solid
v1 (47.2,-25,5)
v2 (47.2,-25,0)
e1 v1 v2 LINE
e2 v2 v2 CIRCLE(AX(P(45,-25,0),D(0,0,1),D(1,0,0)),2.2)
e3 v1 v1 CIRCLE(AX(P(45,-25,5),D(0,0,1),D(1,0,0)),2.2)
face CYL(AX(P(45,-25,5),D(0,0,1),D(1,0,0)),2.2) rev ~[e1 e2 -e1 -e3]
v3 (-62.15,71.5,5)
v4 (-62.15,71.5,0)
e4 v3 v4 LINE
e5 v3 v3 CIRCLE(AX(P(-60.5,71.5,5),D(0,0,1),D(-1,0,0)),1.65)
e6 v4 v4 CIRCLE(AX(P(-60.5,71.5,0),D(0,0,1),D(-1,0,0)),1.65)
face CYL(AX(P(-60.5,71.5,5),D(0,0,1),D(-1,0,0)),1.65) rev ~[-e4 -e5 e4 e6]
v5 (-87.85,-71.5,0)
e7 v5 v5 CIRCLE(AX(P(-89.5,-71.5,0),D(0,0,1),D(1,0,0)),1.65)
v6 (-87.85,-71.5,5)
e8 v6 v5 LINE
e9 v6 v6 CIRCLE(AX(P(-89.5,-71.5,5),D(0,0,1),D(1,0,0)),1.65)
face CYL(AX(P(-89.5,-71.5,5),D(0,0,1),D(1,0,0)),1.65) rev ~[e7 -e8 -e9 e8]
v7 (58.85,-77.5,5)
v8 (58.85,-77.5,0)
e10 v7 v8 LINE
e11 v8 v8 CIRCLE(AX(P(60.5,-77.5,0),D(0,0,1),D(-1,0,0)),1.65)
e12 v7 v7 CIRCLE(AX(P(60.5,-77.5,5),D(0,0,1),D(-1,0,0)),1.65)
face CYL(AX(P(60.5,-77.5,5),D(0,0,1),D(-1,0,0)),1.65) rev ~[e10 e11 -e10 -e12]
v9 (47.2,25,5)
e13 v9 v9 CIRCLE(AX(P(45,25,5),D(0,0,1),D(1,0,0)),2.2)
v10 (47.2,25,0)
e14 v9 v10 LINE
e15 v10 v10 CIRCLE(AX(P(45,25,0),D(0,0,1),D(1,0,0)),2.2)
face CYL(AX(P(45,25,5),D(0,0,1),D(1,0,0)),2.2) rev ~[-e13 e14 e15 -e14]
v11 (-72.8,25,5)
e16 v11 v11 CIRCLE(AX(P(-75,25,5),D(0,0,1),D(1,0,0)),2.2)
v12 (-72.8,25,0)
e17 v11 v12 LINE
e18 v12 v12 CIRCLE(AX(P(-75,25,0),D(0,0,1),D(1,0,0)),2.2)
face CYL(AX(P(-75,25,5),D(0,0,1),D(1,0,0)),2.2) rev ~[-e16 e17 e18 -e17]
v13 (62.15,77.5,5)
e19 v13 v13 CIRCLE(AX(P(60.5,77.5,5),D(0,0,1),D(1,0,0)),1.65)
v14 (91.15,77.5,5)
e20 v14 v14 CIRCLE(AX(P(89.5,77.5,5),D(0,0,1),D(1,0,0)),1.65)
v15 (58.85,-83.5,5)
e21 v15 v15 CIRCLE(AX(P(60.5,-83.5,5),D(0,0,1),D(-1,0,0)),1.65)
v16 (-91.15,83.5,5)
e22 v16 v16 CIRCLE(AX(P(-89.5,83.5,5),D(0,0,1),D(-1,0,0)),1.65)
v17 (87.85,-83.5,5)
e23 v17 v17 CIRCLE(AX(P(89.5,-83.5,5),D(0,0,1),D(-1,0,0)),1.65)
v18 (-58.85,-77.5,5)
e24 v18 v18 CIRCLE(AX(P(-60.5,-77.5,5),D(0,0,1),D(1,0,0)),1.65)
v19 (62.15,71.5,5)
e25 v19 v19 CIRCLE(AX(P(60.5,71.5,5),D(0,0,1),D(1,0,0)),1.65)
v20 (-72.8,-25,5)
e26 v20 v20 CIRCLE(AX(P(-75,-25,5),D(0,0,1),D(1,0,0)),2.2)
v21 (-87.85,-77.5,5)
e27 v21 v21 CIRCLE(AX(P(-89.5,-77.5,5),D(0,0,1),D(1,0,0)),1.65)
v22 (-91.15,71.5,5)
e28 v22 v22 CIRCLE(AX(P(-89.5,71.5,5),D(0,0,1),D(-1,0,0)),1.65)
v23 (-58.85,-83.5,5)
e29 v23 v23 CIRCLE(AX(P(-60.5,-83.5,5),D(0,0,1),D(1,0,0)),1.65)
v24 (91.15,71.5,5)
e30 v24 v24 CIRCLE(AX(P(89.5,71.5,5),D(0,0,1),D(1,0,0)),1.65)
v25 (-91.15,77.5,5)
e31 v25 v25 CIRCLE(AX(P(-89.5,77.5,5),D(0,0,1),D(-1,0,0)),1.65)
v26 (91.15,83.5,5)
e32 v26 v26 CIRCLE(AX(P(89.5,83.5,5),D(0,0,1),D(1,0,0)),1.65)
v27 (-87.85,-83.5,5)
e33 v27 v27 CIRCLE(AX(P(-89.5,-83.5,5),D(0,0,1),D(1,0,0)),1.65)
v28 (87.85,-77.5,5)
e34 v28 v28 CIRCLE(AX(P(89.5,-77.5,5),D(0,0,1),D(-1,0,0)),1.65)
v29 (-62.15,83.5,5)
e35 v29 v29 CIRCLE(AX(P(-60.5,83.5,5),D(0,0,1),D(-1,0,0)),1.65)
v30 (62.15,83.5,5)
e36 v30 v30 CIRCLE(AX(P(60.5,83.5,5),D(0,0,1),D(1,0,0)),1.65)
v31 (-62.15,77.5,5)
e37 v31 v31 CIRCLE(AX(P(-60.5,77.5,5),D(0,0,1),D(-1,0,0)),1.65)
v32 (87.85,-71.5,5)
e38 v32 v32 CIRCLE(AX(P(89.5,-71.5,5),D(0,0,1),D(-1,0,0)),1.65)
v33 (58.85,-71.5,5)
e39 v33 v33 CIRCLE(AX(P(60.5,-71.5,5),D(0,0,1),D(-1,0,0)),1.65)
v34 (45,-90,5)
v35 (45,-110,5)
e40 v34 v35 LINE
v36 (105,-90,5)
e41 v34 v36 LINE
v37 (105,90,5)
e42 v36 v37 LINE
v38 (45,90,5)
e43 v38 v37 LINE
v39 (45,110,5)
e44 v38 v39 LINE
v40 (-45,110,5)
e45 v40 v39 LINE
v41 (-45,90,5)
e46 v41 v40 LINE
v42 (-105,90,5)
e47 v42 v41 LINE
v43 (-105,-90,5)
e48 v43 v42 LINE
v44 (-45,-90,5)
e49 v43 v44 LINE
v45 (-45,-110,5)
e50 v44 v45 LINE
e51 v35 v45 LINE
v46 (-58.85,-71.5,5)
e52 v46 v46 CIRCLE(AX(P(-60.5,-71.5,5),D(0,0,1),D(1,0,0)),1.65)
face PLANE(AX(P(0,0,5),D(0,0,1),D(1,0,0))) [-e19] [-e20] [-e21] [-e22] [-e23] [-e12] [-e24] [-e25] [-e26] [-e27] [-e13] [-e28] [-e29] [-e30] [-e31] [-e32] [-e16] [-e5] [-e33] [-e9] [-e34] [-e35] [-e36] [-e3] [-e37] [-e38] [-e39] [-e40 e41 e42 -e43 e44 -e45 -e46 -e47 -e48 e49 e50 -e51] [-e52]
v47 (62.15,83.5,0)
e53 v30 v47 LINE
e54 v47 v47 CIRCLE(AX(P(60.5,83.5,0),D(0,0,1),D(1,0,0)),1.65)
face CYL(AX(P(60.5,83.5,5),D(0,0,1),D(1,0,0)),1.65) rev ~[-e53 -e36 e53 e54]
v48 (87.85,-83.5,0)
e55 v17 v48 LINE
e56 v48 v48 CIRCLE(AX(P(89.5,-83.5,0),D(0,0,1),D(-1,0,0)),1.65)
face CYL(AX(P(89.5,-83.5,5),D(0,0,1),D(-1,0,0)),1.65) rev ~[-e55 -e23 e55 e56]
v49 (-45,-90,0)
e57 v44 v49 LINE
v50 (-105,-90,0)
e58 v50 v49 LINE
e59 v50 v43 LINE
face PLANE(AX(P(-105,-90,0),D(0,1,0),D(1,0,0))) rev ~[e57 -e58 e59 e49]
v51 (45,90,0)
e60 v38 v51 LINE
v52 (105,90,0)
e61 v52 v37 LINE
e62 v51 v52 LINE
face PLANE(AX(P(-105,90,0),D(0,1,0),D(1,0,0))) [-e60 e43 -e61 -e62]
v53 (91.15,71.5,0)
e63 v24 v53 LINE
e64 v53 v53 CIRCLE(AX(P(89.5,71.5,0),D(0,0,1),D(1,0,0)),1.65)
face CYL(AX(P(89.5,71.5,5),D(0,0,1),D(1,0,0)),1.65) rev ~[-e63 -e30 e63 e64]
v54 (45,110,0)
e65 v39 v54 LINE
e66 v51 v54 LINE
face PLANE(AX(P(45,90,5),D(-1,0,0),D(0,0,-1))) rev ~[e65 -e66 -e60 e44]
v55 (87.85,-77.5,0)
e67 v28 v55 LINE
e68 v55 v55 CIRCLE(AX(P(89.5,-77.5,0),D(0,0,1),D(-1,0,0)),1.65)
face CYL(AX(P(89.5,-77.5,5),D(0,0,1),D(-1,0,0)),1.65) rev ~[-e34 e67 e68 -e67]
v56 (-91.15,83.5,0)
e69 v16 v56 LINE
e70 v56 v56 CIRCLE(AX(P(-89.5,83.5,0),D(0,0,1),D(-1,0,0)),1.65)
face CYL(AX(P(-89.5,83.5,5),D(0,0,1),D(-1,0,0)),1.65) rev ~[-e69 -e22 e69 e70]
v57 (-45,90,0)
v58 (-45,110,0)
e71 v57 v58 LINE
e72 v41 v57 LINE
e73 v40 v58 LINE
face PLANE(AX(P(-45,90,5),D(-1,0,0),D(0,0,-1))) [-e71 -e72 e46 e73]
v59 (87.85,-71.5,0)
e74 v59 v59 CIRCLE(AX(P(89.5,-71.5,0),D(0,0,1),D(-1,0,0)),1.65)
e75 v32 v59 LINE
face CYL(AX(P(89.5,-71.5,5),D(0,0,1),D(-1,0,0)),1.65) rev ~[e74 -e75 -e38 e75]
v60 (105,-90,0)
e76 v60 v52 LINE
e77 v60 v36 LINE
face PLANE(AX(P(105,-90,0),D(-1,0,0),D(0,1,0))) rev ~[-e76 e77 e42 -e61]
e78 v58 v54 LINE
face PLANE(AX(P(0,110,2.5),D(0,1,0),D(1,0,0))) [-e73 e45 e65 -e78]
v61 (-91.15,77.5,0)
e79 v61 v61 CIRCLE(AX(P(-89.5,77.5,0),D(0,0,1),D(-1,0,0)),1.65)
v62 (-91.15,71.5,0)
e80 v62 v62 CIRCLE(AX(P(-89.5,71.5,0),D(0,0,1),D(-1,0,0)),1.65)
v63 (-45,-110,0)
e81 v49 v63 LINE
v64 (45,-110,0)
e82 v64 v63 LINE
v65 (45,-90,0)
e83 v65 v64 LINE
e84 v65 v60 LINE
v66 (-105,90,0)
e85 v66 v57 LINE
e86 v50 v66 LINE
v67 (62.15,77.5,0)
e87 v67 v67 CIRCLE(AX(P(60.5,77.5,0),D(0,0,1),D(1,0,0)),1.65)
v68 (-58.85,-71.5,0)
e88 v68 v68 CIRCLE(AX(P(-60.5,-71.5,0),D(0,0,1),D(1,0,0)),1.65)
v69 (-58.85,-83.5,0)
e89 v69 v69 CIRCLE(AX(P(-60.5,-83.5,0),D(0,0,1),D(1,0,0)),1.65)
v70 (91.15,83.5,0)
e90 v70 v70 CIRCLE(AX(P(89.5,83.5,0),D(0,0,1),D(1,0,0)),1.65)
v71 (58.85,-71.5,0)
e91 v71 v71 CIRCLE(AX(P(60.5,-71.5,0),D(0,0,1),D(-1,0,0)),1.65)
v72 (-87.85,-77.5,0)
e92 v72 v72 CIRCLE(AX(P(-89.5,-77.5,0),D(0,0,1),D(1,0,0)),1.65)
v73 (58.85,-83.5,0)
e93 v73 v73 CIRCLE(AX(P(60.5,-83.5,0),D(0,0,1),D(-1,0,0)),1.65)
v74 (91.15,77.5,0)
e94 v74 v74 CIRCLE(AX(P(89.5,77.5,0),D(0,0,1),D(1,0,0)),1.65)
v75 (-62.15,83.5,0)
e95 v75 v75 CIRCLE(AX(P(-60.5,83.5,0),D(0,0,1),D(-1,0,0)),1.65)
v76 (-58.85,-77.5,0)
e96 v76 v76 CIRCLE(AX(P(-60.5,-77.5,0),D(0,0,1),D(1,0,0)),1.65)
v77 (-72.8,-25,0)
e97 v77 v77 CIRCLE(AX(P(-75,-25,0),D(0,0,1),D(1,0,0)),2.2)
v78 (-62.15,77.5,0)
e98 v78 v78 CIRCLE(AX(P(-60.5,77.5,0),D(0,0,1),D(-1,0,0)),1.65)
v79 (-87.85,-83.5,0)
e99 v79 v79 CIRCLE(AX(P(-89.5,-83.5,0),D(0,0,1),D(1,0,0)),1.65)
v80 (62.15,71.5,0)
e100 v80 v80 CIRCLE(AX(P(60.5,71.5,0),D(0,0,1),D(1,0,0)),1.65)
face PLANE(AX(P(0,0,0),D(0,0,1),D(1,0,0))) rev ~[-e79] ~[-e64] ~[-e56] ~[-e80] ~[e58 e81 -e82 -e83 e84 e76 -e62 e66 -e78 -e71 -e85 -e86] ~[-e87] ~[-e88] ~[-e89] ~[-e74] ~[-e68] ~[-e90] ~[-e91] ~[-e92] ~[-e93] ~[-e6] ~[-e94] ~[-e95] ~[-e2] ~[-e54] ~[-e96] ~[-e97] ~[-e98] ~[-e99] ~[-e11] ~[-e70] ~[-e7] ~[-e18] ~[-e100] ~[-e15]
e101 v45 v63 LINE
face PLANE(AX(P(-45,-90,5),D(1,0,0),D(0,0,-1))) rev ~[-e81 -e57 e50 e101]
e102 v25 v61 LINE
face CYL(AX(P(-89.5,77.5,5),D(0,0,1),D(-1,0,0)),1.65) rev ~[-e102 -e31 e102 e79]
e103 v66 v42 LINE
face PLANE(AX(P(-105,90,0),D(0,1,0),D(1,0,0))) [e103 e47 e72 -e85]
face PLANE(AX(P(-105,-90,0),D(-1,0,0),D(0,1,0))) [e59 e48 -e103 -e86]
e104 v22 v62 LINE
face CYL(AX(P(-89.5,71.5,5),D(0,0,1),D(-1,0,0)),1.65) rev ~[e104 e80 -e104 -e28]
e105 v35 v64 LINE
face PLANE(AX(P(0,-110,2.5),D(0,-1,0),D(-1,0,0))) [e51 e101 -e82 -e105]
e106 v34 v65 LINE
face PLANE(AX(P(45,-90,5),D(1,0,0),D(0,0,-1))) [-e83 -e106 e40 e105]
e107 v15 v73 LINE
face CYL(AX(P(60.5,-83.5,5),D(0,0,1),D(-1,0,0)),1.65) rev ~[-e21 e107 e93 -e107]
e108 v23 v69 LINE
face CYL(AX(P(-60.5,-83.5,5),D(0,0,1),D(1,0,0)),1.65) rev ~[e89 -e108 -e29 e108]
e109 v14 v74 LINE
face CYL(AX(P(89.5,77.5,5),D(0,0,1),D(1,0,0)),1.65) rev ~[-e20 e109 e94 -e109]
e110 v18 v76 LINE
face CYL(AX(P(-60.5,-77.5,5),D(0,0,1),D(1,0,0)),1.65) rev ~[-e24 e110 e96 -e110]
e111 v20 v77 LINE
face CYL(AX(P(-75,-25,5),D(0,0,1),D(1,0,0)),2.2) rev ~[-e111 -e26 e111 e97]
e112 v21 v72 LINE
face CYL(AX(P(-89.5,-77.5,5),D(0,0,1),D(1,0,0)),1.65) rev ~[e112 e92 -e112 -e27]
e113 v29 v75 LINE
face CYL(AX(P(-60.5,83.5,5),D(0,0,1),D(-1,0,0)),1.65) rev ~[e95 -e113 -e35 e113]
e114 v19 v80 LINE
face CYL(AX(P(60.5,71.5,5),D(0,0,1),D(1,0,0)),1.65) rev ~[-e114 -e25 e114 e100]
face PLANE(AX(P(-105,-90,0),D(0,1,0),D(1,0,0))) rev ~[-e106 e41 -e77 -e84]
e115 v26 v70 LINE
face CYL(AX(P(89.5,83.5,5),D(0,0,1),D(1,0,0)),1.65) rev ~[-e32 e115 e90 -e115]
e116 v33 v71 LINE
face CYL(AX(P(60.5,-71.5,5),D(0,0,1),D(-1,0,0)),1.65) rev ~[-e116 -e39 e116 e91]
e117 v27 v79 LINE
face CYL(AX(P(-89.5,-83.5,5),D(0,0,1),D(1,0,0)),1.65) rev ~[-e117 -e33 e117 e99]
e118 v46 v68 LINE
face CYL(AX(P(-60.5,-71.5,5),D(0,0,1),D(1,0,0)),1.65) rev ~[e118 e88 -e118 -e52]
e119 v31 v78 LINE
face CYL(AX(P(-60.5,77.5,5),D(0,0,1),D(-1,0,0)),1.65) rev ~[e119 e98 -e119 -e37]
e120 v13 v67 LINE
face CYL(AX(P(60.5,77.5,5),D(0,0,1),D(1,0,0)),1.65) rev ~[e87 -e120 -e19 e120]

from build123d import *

# Parameters (mm, degrees)
SKETCH2_W           = 210
SKETCH2_H           = 180
BOSS_EXTRUDE1_DEPTH = 5
SKETCH3_W           = 90
SKETCH3_H           = 5
BOSS_EXTRUDE2_DEPTH = 20
SKETCH4_W           = 90
SKETCH4_H           = 5
BOSS_EXTRUDE3_DEPTH = 20
SKETCH5_R           = 1.65
SKETCH5_R_2         = 2.2
CUT_EXTRUDE1_DEPTH  = 153.151240547


with BuildPart() as part:
    # Sketch2 → Boss-Extrude1 (new body)
    with BuildSketch(Plane.XY):
        Rectangle(SKETCH2_W, SKETCH2_H)
    extrude(amount=BOSS_EXTRUDE1_DEPTH)

    # Sketch3 → Boss-Extrude2 (add)
    with BuildSketch(Plane(origin=(0, -90, 0), x_dir=(-1, 0, 0), z_dir=(0, -1, 0))):
        with Locations((0, -2.5)):
            Rectangle(SKETCH3_W, SKETCH3_H)
    extrude(amount=BOSS_EXTRUDE2_DEPTH)

    # Sketch4 → Boss-Extrude3 (add)
    with BuildSketch(Plane(origin=(0, 90, 0), x_dir=(1, 0, 0), z_dir=(0, 1, 0))):
        with Locations((0, -2.5)):
            Rectangle(SKETCH4_W, SKETCH4_H)
    extrude(amount=BOSS_EXTRUDE3_DEPTH)

    # Sketch5 → Cut-Extrude1 (cut, through all)
    with BuildSketch(Plane.XY.offset(5)):
        with Locations((89.5, 83.5)):
            Circle(SKETCH5_R)
        with Locations((89.5, 77.5)):
            Circle(SKETCH5_R)
        with Locations((89.5, 71.5)):
            Circle(SKETCH5_R)
        with Locations((60.5, 83.5)):
            Circle(SKETCH5_R)
        with Locations((60.5, 77.5)):
            Circle(SKETCH5_R)
        with Locations((60.5, 71.5)):
            Circle(SKETCH5_R)
        with Locations(Location((-60.5, 71.5, 0), (0, 0, 180))):
            Circle(SKETCH5_R)
        with Locations(Location((-60.5, 77.5, 0), (0, 0, 180))):
            Circle(SKETCH5_R)
        with Locations(Location((-60.5, 83.5, 0), (0, 0, 180))):
            Circle(SKETCH5_R)
        with Locations(Location((-89.5, 71.5, 0), (0, 0, 180))):
            Circle(SKETCH5_R)
        with Locations(Location((-89.5, 77.5, 0), (0, 0, 180))):
            Circle(SKETCH5_R)
        with Locations(Location((-89.5, 83.5, 0), (0, 0, 180))):
            Circle(SKETCH5_R)
        with Locations((-89.5, -83.5)):
            Circle(SKETCH5_R)
        with Locations((-89.5, -77.5)):
            Circle(SKETCH5_R)
        with Locations((-89.5, -71.5)):
            Circle(SKETCH5_R)
        with Locations((-60.5, -83.5)):
            Circle(SKETCH5_R)
        with Locations((-60.5, -77.5)):
            Circle(SKETCH5_R)
        with Locations((-60.5, -71.5)):
            Circle(SKETCH5_R)
        with Locations(Location((60.5, -71.5, 0), (0, 0, 180))):
            Circle(SKETCH5_R)
        with Locations(Location((60.5, -77.5, 0), (0, 0, 180))):
            Circle(SKETCH5_R)
        with Locations(Location((60.5, -83.5, 0), (0, 0, 180))):
            Circle(SKETCH5_R)
        with Locations(Location((89.5, -71.5, 0), (0, 0, 180))):
            Circle(SKETCH5_R)
        with Locations(Location((89.5, -77.5, 0), (0, 0, 180))):
            Circle(SKETCH5_R)
        with Locations(Location((89.5, -83.5, 0), (0, 0, 180))):
            Circle(SKETCH5_R)
        with Locations((45, 25)):
            Circle(SKETCH5_R_2)
        with Locations((45, -25)):
            Circle(SKETCH5_R_2)
        with Locations((-75, 25)):
            Circle(SKETCH5_R_2)
        with Locations((-75, -25)):
            Circle(SKETCH5_R_2)
    extrude(amount=-CUT_EXTRUDE1_DEPTH, mode=Mode.SUBTRACT)


solid = part.part
